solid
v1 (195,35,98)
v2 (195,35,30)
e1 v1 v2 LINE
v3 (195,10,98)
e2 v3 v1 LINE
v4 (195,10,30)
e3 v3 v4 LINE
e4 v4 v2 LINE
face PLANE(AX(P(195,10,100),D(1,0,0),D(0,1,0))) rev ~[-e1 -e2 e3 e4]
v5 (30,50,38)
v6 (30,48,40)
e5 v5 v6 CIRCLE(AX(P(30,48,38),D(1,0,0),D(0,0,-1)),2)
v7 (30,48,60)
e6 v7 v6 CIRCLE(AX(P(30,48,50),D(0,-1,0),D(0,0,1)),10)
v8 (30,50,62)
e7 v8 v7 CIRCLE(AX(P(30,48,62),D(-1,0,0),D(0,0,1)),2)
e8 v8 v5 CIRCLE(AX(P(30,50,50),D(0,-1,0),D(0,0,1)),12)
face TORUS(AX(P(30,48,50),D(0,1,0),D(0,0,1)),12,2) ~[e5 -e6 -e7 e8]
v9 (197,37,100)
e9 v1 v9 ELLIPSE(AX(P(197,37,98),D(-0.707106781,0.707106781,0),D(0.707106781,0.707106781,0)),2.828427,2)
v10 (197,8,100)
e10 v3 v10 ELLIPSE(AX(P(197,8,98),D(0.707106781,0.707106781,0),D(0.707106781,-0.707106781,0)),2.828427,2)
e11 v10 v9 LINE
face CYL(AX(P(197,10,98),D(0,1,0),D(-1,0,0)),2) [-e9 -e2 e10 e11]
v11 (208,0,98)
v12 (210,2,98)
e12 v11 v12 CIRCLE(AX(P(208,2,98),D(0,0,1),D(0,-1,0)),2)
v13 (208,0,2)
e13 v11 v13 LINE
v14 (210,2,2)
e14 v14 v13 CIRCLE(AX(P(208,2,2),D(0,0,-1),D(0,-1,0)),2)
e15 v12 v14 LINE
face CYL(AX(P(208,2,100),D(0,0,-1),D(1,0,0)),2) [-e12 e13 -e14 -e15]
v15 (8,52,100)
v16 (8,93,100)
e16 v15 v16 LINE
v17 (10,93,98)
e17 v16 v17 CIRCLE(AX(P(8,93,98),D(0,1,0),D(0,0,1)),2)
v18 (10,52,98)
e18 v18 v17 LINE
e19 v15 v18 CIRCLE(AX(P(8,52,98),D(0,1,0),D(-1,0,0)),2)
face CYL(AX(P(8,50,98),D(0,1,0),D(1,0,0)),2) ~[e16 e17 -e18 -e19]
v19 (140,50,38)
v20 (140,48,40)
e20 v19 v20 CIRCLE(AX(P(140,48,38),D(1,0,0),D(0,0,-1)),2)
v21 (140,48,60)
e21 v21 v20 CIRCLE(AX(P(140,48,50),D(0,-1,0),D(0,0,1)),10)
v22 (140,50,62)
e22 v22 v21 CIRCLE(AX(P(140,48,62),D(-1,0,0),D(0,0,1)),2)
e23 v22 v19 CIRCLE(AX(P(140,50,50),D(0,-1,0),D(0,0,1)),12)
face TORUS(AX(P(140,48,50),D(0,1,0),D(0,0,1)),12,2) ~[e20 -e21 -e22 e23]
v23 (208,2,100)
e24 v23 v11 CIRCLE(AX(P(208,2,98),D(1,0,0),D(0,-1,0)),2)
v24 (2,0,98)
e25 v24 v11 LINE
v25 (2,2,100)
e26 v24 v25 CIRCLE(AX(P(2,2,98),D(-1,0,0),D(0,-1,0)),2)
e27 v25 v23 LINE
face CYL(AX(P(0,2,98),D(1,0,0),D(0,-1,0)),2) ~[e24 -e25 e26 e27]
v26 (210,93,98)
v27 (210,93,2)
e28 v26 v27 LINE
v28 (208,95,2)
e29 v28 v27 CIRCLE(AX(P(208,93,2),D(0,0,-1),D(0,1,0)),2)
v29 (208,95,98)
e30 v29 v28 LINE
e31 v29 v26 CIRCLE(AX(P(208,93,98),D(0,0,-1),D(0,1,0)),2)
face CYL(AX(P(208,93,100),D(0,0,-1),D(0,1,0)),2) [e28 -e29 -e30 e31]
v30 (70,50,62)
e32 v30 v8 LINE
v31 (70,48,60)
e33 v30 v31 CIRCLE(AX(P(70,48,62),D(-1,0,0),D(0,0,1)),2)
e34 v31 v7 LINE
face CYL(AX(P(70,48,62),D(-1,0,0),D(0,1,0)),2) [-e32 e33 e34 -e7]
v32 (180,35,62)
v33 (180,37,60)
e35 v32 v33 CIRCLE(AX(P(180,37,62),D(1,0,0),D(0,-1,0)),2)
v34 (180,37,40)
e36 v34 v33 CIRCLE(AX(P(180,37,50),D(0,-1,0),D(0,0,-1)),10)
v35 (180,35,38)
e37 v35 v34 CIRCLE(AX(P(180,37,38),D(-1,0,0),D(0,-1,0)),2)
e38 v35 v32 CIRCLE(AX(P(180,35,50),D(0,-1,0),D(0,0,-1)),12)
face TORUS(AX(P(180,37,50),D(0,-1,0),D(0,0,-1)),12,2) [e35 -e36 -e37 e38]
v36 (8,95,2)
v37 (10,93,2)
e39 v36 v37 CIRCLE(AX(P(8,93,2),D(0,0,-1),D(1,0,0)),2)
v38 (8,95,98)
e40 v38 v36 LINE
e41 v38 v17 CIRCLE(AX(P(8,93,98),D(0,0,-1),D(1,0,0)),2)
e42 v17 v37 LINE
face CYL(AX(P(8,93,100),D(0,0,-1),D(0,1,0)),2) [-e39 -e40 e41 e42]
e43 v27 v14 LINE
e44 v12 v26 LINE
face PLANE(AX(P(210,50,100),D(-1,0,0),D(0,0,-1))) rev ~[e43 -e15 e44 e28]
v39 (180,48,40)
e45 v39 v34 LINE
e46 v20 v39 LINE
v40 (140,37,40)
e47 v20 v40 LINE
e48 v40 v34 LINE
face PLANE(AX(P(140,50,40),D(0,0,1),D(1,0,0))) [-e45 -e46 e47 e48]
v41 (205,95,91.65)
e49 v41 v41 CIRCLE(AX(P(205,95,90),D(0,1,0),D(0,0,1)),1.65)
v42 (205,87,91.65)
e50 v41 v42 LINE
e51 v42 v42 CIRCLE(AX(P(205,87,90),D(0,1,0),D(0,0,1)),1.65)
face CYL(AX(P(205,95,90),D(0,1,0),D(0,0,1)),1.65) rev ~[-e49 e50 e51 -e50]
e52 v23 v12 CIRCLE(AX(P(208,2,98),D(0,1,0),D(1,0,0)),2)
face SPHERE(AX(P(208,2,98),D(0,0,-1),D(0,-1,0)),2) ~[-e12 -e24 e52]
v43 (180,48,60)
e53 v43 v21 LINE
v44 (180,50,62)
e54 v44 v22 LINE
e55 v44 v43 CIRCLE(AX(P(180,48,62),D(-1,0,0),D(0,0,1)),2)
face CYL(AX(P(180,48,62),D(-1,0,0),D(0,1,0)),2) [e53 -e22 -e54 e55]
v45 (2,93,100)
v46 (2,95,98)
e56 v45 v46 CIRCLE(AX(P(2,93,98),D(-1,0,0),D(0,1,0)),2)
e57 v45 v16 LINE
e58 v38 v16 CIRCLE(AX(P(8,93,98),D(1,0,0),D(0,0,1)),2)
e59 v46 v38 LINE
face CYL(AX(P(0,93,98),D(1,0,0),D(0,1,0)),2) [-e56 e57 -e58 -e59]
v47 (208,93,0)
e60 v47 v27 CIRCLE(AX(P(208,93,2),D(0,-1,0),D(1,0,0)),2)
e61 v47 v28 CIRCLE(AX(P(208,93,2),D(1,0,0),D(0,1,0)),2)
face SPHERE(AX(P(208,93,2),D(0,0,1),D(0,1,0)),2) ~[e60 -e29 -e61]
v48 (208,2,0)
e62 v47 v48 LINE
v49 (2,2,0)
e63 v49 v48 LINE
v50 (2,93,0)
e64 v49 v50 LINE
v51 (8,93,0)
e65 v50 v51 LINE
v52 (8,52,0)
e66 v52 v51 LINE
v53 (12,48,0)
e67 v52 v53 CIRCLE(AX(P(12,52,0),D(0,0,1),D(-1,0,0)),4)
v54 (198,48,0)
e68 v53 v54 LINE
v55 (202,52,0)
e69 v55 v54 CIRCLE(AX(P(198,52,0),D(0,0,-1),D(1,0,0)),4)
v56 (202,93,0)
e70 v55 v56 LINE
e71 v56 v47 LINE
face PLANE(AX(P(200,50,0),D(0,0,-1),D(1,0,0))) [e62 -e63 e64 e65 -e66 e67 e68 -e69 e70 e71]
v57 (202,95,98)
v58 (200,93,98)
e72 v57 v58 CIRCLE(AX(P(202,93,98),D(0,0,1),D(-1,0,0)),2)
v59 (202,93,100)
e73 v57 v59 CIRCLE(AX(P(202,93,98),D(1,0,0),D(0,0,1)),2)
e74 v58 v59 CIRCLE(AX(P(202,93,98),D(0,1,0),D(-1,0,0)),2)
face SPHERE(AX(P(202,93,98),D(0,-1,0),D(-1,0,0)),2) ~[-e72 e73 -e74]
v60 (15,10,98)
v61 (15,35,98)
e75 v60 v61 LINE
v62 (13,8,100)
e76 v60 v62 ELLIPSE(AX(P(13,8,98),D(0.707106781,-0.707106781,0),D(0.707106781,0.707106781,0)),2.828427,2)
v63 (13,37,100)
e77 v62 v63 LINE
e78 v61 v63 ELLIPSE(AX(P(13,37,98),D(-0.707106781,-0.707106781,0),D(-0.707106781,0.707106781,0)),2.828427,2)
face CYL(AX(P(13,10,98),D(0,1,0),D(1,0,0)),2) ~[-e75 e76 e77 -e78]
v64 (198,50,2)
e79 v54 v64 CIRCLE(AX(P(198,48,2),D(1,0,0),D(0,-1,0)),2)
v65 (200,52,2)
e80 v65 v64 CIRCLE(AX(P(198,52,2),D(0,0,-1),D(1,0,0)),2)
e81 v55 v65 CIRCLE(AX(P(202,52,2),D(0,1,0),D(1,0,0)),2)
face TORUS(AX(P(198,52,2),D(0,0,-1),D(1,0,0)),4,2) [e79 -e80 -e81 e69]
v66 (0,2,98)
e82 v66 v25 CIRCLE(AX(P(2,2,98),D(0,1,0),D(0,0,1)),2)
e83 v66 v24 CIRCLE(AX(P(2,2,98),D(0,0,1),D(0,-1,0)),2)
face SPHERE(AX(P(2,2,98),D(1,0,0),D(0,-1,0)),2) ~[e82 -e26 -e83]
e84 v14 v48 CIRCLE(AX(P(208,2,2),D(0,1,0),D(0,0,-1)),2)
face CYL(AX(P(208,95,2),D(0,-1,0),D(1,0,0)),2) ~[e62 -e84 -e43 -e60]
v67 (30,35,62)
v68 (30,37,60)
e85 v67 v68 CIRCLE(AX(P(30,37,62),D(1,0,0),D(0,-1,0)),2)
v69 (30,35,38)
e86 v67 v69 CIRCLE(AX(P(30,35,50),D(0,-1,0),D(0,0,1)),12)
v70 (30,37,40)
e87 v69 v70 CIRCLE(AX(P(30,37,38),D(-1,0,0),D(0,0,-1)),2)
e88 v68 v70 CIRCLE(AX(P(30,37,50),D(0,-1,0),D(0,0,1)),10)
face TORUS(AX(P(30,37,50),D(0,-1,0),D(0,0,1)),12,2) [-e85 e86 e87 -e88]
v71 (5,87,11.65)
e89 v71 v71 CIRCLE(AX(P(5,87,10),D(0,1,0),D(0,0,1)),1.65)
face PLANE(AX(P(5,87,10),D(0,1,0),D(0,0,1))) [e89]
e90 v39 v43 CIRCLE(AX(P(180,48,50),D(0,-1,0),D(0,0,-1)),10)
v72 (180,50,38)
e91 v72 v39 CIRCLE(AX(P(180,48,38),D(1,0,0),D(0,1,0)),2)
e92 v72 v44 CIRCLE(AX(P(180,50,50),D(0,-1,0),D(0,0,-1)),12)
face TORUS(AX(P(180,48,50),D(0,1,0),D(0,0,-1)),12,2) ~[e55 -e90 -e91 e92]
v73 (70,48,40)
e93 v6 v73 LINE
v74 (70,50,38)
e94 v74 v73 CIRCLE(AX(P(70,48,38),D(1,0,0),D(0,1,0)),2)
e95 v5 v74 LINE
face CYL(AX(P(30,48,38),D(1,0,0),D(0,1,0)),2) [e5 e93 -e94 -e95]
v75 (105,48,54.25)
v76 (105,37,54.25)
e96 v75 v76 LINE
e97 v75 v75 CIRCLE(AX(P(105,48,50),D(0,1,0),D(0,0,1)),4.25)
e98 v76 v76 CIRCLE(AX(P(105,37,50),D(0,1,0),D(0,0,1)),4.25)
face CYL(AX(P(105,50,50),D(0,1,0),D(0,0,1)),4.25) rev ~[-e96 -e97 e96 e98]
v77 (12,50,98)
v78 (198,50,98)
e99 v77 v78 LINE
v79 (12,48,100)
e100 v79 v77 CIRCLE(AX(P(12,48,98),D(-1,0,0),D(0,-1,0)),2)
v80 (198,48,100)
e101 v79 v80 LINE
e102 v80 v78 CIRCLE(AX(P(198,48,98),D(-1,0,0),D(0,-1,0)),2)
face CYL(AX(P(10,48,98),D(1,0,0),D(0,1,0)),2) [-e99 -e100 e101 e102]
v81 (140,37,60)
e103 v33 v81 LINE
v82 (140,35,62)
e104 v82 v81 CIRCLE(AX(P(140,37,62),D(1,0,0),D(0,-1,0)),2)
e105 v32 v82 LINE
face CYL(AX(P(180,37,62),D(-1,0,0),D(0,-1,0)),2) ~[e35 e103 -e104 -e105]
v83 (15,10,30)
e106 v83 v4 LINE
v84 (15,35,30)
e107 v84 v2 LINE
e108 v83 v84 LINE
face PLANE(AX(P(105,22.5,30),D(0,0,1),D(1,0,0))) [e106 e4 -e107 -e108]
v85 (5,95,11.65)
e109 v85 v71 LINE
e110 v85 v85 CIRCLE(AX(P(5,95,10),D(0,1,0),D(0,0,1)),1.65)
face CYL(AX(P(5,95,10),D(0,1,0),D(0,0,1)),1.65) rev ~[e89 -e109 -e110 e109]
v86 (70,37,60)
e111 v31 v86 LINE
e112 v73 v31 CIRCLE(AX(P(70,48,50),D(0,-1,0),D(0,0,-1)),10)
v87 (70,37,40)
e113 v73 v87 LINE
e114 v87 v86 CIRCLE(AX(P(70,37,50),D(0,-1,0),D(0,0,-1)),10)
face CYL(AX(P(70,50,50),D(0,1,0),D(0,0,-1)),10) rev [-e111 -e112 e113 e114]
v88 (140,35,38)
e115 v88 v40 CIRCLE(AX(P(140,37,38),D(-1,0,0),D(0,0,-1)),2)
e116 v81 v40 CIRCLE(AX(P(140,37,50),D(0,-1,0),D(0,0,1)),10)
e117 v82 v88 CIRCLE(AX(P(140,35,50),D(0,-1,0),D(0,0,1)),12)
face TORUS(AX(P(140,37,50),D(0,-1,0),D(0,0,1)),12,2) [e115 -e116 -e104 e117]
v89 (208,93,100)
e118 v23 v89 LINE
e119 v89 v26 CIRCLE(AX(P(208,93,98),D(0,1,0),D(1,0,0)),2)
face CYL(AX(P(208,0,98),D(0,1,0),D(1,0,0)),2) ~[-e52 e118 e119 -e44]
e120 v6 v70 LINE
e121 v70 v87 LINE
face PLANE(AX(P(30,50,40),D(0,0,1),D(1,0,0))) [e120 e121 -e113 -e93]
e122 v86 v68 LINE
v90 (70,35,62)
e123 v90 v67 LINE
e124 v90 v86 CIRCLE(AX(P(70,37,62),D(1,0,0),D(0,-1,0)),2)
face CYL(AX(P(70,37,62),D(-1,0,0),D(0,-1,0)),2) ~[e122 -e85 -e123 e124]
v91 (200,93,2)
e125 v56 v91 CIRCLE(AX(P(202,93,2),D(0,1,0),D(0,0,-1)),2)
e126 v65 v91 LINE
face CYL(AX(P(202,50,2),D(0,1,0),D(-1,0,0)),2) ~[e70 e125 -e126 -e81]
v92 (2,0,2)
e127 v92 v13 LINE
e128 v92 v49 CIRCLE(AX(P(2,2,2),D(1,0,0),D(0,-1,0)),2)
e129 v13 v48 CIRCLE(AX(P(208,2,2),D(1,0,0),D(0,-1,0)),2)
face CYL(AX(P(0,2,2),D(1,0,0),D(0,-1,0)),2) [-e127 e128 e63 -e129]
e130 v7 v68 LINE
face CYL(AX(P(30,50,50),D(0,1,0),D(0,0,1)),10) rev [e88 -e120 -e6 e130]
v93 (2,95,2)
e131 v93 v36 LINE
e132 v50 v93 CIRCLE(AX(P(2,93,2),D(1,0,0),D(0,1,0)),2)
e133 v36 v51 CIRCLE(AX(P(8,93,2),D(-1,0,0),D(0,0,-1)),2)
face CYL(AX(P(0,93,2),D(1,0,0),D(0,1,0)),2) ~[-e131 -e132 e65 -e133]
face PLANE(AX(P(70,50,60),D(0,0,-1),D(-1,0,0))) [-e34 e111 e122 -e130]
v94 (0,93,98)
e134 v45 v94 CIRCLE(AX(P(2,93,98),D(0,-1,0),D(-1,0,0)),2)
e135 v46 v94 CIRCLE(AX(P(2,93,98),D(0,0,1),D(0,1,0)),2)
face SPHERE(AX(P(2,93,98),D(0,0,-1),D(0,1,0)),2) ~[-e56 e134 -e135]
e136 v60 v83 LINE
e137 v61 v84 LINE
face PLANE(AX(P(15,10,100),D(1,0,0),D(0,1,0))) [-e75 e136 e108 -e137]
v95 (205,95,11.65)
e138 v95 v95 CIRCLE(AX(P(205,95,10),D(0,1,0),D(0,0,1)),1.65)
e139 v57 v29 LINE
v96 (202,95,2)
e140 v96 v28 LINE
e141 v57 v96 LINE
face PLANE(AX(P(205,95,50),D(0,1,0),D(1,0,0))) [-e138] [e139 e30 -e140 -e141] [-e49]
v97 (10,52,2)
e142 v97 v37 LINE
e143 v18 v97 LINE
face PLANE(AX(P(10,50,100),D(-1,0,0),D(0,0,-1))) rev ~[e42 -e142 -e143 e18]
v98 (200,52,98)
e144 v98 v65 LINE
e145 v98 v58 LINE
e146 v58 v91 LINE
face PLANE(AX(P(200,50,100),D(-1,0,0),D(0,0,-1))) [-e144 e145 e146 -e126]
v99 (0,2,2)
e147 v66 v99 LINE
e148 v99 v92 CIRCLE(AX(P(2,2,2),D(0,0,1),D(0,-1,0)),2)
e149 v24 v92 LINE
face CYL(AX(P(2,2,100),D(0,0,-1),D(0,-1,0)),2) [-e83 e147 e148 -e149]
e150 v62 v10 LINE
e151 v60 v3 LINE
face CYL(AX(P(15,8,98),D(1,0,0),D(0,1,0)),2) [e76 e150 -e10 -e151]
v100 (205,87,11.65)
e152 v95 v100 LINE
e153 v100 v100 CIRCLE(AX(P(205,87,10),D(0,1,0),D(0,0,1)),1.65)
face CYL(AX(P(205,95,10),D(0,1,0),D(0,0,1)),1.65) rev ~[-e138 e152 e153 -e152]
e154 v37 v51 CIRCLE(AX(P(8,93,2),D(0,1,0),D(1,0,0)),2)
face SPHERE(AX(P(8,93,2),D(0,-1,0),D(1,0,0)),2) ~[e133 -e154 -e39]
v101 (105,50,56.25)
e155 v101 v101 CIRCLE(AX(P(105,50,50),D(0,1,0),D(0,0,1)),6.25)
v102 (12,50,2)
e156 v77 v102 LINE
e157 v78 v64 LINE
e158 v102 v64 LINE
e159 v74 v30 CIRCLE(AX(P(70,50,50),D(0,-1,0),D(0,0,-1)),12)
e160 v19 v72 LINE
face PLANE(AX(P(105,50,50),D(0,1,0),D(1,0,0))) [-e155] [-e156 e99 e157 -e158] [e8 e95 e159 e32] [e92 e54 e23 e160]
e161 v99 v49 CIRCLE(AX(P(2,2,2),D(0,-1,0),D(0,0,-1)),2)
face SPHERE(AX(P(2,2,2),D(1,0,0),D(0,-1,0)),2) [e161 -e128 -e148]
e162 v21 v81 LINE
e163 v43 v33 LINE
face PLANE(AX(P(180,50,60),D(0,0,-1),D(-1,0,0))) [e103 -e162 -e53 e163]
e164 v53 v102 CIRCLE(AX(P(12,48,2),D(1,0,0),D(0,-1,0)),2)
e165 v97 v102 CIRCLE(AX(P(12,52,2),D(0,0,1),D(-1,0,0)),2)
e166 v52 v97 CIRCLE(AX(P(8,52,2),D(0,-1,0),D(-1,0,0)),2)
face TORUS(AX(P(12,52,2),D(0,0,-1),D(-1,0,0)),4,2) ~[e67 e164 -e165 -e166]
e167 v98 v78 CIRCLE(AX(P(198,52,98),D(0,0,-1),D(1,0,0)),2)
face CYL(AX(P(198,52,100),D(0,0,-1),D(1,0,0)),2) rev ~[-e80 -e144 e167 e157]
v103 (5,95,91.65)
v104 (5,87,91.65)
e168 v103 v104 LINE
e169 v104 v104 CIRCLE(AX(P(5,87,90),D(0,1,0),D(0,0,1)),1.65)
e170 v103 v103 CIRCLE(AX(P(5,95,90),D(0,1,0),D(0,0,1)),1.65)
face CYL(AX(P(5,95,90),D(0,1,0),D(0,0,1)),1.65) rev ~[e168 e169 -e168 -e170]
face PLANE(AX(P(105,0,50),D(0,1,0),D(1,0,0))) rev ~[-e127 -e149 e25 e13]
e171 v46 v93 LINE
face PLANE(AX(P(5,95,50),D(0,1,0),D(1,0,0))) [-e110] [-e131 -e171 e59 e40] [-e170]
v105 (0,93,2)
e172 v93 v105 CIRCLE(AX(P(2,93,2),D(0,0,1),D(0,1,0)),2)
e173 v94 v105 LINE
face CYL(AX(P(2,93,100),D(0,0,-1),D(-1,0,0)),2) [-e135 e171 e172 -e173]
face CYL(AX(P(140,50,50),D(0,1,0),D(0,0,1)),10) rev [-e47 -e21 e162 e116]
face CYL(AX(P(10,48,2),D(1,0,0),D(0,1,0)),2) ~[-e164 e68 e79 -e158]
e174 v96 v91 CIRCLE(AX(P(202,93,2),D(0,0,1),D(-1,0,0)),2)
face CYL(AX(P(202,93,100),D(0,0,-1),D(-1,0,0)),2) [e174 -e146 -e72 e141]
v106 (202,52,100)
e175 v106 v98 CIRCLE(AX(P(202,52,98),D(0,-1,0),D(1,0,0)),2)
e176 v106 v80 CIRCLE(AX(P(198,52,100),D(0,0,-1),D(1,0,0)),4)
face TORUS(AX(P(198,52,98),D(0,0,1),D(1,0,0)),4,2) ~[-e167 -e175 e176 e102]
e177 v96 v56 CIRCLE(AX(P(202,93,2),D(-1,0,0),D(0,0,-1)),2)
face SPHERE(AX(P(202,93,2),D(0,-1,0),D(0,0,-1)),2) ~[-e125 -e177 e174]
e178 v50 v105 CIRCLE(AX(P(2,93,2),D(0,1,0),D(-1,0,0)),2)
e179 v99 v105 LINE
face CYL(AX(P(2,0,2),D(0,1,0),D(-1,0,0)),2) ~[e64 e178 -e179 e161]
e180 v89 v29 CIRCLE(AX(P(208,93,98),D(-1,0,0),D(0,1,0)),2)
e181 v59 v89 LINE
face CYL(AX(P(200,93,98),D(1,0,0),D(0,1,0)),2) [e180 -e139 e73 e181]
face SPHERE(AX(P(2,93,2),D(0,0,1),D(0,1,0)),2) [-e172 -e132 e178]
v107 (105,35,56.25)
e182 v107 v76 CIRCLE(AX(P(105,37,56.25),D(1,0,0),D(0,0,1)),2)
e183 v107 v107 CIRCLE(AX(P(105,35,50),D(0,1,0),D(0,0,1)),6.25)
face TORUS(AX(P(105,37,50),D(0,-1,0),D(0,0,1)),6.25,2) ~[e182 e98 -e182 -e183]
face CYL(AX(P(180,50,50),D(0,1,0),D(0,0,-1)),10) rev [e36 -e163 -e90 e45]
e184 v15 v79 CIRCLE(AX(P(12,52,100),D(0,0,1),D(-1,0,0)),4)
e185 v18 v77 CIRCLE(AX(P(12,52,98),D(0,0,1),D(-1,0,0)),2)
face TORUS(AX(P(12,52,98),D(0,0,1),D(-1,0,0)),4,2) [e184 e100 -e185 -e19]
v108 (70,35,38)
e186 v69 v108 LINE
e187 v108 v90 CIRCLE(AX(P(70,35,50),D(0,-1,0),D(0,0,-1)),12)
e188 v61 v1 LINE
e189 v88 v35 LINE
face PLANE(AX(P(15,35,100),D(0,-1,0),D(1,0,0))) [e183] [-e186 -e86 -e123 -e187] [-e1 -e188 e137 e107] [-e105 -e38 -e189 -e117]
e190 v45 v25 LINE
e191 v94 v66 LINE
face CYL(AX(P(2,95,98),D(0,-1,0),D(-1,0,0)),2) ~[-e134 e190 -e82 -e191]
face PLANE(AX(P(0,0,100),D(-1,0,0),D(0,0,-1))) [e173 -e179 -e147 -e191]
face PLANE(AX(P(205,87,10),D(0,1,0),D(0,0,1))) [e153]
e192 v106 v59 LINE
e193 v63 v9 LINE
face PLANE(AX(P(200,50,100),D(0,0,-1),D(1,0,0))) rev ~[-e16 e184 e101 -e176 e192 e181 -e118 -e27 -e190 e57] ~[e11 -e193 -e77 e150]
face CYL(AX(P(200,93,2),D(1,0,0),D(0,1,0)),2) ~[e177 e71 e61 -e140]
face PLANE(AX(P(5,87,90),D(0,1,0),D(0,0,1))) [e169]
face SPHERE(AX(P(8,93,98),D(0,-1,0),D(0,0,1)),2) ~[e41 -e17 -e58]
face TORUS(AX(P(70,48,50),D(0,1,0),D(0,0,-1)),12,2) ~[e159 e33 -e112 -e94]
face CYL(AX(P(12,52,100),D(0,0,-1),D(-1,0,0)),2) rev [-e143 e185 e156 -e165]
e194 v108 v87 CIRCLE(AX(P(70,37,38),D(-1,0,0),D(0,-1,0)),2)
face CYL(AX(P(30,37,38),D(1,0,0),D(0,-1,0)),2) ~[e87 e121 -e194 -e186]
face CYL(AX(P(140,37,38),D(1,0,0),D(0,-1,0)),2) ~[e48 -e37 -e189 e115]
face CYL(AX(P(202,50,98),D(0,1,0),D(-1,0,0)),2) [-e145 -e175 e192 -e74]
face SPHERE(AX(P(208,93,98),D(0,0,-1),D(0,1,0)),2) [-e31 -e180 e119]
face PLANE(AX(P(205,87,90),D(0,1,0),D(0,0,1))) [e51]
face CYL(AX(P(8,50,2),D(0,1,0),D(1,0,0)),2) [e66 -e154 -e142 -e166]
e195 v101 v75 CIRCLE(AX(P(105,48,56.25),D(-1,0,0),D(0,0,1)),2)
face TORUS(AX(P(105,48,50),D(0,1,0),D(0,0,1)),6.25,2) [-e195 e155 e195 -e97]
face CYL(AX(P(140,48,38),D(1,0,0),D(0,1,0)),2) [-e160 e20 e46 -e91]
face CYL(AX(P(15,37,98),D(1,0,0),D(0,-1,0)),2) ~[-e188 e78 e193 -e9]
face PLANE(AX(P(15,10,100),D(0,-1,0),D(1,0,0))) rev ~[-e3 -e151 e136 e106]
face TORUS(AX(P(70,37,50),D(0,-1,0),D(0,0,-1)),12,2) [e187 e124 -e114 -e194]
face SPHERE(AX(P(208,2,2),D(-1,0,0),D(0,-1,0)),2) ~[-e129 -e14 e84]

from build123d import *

# Parameters (mm, degrees)
SKETCH_1_W          = 210
SKETCH_1_H          = 100
EXTRUDE_1_DEPTH     = 50
CUT_EXTRUDE_1_DEPTH = 40
SKETCH_3_W          = 180
SKETCH_3_H          = 25
CUT_EXTRUDE_2_DEPTH = 70
SKETCH_4_R          = 4.25
CUT_EXTRUDE_3_DEPTH = 20
FILLET_4_R          = 2
SKETCH_6_W          = 10
SKETCH_6_H          = 100
EXTRUDE_2_DEPTH     = 45
FILLET_7_R          = 2
SKETCH_7_R          = 1.65
CUT_EXTRUDE_4_DEPTH = 8


with BuildPart() as part:
    # 草图1 → 凸台-拉伸1 (new body)
    with BuildSketch(Plane(origin=(0, 0, 0), x_dir=(1, 0, 0), z_dir=(0, 1, 0))):
        with Locations((105, -50)):
            Rectangle(SKETCH_1_W, SKETCH_1_H)
    extrude(amount=EXTRUDE_1_DEPTH)

    # 草图2 → 切除-拉伸1 (cut)
    with BuildSketch(Plane(origin=(0, 50, 0), x_dir=(1, 0, 0), z_dir=(0, 1, 0))):
        with BuildLine():
            Line((30, -40), (70, -40))
            ThreePointArc((70, -40), (80, -50), (70, -60))
            Line((70, -60), (30, -60))
            ThreePointArc((30, -60), (20, -50), (30, -40))
        make_face()
        with BuildLine():
            Line((140, -40), (180, -40))
            ThreePointArc((180, -40), (190, -50), (180, -60))
            Line((180, -60), (140, -60))
            ThreePointArc((140, -60), (130, -50), (140, -40))
        make_face()
    extrude(amount=-CUT_EXTRUDE_1_DEPTH, mode=Mode.SUBTRACT)

    # 草图3 → 切除-拉伸2 (cut)
    with BuildSketch(Plane.XY.offset(100)):
        with Locations((105, 22.5)):
            Rectangle(SKETCH_3_W, SKETCH_3_H)
    extrude(amount=-CUT_EXTRUDE_2_DEPTH, mode=Mode.SUBTRACT)

    # 草图4 → 切除-拉伸3 (cut)
    with BuildSketch(Plane(origin=(0, 50, 0), x_dir=(1, 0, 0), z_dir=(0, 1, 0))):
        with Locations(Location((105, -50, 0), (0, 0, 270))):
            Circle(SKETCH_4_R)
    extrude(amount=-CUT_EXTRUDE_3_DEPTH, mode=Mode.SUBTRACT)

    # 圆角4
    fillet_4_edges = [part.edges().sort_by_distance(p)[0] for p in [
        (20, 50, 50),
        (50, 50, 60),
        (80, 50, 50),
        (50, 50, 40),
        (130, 50, 50),
        (160, 50, 60),
        (190, 50, 50),
        (160, 50, 40),
        (50, 35, 60),
        (20, 35, 50),
        (50, 35, 40),
        (80, 35, 50),
        (160, 35, 60),
        (130, 35, 50),
        (160, 35, 40),
        (190, 35, 50),
        (105, 35, 45.75),
        (105, 50, 45.75),
    ]]
    fillet(fillet_4_edges, radius=FILLET_4_R)

    # 草图6 → 凸台-拉伸2 (add)
    with BuildSketch(Plane(origin=(0, 50, 0), x_dir=(1, 0, 0), z_dir=(0, 1, 0))):
        with Locations((205, -50)):
            Rectangle(SKETCH_6_W, SKETCH_6_H)
        with Locations((5, -50)):
            Rectangle(SKETCH_6_W, SKETCH_6_H)
    extrude(amount=EXTRUDE_2_DEPTH)

    # 圆角7
    fillet_7_edges = [part.edges().sort_by_distance(p)[0] for p in [
        (105, 50, 100),
        (10, 50, 50),
        (10, 72.5, 100),
        (10, 72.5, 0),
        (0, 95, 50),
        (5, 95, 100),
        (10, 95, 50),
        (5, 95, 0),
        (105, 50, 0),
        (200, 50, 50),
        (200, 72.5, 0),
        (200, 72.5, 100),
        (210, 95, 50),
        (205, 95, 0),
        (200, 95, 50),
        (205, 95, 100),
        (105, 0, 0),
        (15, 22.5, 100),
        (105, 10, 100),
        (210, 0, 50),
        (195, 22.5, 100),
        (105, 35, 100),
        (105, 0, 100),
        (0, 0, 50),
        (0, 47.5, 0),
        (210, 47.5, 0),
        (210, 47.5, 100),
        (0, 47.5, 100),
    ]]
    fillet(fillet_7_edges, radius=FILLET_7_R)

    # 草图7 → 切除-拉伸4 (cut)
    with BuildSketch(Plane(origin=(0, 95, 0), x_dir=(1, 0, 0), z_dir=(0, 1, 0))):
        with Locations(Location((5, -10, 0), (0, 0, 270))):
            Circle(SKETCH_7_R)
        with Locations(Location((5, -90, 0), (0, 0, 270))):
            Circle(SKETCH_7_R)
        with Locations(Location((205, -90, 0), (0, 0, 270))):
            Circle(SKETCH_7_R)
        with Locations(Location((205, -10, 0), (0, 0, 270))):
            Circle(SKETCH_7_R)
    extrude(amount=-CUT_EXTRUDE_4_DEPTH, mode=Mode.SUBTRACT)


solid = part.part
